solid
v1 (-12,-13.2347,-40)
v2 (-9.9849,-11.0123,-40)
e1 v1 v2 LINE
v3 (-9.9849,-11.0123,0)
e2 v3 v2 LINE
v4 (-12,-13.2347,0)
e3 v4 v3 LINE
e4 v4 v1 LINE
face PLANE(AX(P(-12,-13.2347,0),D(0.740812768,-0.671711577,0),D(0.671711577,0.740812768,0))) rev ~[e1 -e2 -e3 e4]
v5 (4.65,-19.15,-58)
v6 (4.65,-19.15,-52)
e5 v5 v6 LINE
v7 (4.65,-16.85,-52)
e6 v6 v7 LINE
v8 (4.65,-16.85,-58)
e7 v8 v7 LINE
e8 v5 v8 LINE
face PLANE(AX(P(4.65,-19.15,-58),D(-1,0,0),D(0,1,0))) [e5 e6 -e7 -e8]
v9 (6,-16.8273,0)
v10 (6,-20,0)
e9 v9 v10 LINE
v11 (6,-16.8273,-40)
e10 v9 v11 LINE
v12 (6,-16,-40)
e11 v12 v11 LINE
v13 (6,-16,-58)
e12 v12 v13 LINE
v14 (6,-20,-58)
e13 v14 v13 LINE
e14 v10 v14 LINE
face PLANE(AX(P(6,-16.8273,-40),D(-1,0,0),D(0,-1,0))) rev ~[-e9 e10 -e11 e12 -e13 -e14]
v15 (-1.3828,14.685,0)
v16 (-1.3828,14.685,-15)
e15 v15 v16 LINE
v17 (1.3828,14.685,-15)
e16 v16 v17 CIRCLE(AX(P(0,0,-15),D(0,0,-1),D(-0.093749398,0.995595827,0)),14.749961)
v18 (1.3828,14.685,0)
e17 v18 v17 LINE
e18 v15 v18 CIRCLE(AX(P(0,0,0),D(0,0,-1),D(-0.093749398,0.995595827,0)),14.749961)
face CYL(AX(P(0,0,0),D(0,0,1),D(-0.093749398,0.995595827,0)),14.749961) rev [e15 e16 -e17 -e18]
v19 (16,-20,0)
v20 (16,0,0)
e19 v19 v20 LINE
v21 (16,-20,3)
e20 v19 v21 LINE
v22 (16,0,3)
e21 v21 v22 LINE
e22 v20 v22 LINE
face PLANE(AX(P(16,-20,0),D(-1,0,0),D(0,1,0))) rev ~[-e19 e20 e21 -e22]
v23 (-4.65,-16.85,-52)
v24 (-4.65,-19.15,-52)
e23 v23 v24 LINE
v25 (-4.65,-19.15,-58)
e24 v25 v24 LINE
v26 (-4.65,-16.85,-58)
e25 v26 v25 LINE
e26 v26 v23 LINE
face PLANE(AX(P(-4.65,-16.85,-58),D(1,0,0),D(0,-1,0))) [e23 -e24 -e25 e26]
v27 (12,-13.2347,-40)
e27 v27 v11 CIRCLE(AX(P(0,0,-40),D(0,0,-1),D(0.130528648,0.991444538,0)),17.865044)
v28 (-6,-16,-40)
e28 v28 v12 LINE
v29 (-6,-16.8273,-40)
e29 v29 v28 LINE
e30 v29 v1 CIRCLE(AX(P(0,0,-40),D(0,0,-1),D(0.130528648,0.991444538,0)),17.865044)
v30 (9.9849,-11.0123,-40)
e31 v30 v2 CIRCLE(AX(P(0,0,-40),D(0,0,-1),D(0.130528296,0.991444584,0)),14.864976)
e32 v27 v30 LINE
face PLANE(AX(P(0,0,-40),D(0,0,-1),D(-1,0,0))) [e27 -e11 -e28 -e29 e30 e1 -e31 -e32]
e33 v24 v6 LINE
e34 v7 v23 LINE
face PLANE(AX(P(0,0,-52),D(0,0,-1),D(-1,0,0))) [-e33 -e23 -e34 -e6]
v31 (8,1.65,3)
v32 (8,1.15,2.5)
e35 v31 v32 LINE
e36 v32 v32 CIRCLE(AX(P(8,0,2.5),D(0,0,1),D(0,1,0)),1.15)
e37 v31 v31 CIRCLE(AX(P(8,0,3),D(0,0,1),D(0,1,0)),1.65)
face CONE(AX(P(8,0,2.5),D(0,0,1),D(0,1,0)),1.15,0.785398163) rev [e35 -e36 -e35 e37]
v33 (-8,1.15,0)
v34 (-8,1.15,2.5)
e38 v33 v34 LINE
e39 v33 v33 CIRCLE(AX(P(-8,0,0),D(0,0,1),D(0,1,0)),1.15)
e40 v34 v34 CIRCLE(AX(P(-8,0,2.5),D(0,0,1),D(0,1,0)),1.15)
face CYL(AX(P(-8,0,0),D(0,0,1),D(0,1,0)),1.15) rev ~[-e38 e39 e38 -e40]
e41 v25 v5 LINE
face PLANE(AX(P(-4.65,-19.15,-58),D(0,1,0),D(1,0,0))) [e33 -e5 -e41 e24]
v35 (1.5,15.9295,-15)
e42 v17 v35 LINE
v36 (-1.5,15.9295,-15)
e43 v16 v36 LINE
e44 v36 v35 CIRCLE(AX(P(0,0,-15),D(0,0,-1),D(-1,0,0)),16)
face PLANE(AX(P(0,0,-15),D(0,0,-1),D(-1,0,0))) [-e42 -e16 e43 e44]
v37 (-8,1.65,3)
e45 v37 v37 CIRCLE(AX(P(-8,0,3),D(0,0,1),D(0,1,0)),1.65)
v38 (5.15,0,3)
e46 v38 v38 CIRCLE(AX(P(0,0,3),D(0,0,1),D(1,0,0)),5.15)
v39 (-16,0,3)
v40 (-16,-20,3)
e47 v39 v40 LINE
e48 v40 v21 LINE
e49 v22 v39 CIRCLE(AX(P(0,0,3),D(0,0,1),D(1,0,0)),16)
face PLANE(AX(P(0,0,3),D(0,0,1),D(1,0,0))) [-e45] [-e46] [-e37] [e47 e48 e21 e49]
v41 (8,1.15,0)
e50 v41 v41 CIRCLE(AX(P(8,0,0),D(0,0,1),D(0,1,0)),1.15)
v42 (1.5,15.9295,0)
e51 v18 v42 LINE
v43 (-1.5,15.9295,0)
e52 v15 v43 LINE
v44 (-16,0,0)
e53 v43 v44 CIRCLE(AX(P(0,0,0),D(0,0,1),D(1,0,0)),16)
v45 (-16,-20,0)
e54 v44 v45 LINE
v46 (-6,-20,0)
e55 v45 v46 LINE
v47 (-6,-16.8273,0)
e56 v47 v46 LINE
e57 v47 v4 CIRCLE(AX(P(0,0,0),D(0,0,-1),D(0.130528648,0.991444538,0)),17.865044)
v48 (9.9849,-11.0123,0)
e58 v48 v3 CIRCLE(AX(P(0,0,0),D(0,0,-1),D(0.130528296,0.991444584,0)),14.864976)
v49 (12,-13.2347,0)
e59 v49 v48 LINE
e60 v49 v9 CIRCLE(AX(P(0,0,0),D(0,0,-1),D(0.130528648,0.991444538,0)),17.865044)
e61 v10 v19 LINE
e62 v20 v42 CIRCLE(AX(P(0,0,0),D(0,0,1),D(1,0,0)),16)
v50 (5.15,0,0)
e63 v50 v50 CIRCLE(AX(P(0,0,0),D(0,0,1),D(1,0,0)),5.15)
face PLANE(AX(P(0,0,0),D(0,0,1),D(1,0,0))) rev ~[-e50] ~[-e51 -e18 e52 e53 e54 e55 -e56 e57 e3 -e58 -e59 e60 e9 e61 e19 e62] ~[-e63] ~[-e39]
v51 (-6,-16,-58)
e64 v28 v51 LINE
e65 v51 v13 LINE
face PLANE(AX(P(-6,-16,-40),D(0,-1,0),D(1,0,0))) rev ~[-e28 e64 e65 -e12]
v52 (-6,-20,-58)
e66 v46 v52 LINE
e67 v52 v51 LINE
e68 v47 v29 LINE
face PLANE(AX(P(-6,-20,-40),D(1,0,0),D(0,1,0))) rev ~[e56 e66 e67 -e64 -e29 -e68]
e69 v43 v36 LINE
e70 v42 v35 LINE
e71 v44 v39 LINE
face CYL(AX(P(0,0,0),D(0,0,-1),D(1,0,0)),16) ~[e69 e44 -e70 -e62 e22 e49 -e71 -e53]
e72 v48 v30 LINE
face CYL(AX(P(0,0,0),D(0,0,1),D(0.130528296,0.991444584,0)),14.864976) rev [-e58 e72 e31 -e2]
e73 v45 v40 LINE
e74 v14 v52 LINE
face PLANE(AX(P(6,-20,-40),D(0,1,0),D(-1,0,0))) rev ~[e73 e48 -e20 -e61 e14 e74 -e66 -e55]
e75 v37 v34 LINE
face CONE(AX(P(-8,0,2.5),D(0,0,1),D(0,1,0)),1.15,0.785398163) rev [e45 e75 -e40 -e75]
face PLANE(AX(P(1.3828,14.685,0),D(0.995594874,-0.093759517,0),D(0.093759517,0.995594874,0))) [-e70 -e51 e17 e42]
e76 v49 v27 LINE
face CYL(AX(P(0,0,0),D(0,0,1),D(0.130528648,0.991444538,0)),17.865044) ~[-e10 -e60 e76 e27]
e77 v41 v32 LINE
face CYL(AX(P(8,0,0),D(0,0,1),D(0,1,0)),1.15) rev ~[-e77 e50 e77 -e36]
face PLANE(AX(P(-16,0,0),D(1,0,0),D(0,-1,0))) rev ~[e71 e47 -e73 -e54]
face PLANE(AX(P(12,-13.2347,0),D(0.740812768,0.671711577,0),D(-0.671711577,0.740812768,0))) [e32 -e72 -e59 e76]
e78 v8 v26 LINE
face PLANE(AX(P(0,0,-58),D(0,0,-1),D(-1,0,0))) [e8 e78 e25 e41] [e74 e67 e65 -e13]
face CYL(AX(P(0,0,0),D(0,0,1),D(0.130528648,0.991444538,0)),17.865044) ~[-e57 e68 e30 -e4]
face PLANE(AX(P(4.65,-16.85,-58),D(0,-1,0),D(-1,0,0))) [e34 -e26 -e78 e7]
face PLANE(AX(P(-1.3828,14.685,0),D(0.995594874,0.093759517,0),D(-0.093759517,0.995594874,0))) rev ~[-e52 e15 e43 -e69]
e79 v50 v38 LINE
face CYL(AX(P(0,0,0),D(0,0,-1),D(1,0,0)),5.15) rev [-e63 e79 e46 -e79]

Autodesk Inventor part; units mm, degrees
ref_plane "YZ Plane" through (0, 0, 0) normal (1, 0, 0) x (0, 1, 0)
ref_plane "XZ Plane" through (0, 0, 0) normal (0, 1, 0) x (-1, 0, 0)
ref_plane "XY Plane" through (0, 0, 0) normal (0, 0, 1) x (1, 0, 0)
sketch "Sketch1" plane through (0, 0, 0) normal (0, 0, 1) x (1, 0, 0)
  circle A0 centre (0, 0) radius 5.15
  circle A1 centre (0, 0) radius 16
  line L0 (-16, 0) -> (-16, -20)
  line L1 (-16, -20) -> (16, -20)
  line L2 (16, -20) -> (16, 0)
  circle A2 centre (0, 0) radius 14.5
  point P0 (-8, 0)
  point P1 (8, 0)
  dimension "d0" = 10.3
  dimension "d1" = 32
  dimension "d3" = 20
  dimension "d4" = 8
  dimension "d5" = 8
  dimension "d28" = 1.5
extrude "Extrusion1" add sketch "Sketch1" along normal blind 3 contours A1 | L2 L1 L0 A1 | A2
hole "Hole1" at (-8, 0, 0) at (8, 0, 0) direction (0, 0, 1) diameter 2.3 end through all
sketch "Sketch2" plane through (0, 0, 0) normal (0, 0, -1) x (-1, 0, 0)
  arc A0 (1.3828, 14.685) -> (-1.3828, 14.685) centre (0, 0) ccw
  line L0 (-1.3828, 14.685) -> (-1.5, 15.9295)
  arc A1 (16, 0) -> (-16, 0) centre (0, 0) ccw projected
  line L1 (1.3828, 14.685) -> (1.5, 15.9295)
  point P0 (0, 14.75)
  dimension "d15" = 3
  dimension "d16" = 1.25
extrude "Extrusion2" add sketch "Sketch2" along normal blind 15
sketch "Sketch3" plane through (0, 0, 0) normal (0, 0, -1) x (-1, 0, 0)
  arc A0 (-1.9403, 14.7378) -> (1.9403, 14.7378) centre (0, 0) ccw projected
  arc A1 (-2.3319, 17.7122) -> (2.3319, 17.7122) centre (0, 0) ccw
  line L0 (-6, -16.8273) -> (-6, -20)
  line L1 (-6, -20) -> (6, -20)
  line L2 (16, -20) -> (-16, -20) construction
  line L3 (6, -16.8273) -> (6, -20)
  line L4 (-12, -13.2347) -> (-9.9849, -11.0123)
  line L5 (12, -13.2347) -> (9.9849, -11.0123)
  point P0 (0, 0)
  dimension "d19" = 3
  dimension "d20" = 12
  dimension "d21" = 24
  dimension "d22" = 12
extrude "Extrusion3" add sketch "Sketch3" along normal blind 40
chamfer "Chamfer1" distance 0.5 angle 45 2 edges at (-8, -1.15, 3) (8, -1.15, 3)
sketch "Sketch4" plane through (0, 0, -40) normal (0, 0, -1) x (-1, 0, 0)
  line L0 (-6, -20) -> (6, -20) projected
  line L1 (6, -20) -> (6, -16.8273) projected
  line L2 (6, -20) -> (6, -16)
  line L3 (6, -16) -> (-6, -16)
  line L4 (-6, -16.8273) -> (-6, -20) projected
  line L5 (-6, -16) -> (-6, -20)
  point P0 (0, 0)
  dimension "d29" = 4
extrude "Extrusion4" add sketch "Sketch4" along normal blind 18
sketch "Sketch6" plane through (0, 0, -58) normal (0, 0, -1) x (-1, 0, 0)
  line L0 (-4.65, -16.85) -> (4.65, -16.85)
  line L1 (4.65, -16.85) -> (4.65, -19.15)
  line L2 (4.65, -19.15) -> (-4.65, -19.15)
  line L3 (-4.65, -19.15) -> (-4.65, -16.85)
  line L4 (-6, -20) -> (6, -20) projected
  line L5 (6, -20) -> (6, -16) projected
  point P0 (0, 0)
  point P1 (0, -16.85)
  point P2 (0, -20)
  point P3 (4.65, -18)
  point P4 (6, -18)
  dimension "d36" = 2.3
  dimension "d37" = 9.3
extrude "Extrusion5" cut sketch "Sketch6" against normal blind 6
properties part number "Motor Face Mount Mk2"
